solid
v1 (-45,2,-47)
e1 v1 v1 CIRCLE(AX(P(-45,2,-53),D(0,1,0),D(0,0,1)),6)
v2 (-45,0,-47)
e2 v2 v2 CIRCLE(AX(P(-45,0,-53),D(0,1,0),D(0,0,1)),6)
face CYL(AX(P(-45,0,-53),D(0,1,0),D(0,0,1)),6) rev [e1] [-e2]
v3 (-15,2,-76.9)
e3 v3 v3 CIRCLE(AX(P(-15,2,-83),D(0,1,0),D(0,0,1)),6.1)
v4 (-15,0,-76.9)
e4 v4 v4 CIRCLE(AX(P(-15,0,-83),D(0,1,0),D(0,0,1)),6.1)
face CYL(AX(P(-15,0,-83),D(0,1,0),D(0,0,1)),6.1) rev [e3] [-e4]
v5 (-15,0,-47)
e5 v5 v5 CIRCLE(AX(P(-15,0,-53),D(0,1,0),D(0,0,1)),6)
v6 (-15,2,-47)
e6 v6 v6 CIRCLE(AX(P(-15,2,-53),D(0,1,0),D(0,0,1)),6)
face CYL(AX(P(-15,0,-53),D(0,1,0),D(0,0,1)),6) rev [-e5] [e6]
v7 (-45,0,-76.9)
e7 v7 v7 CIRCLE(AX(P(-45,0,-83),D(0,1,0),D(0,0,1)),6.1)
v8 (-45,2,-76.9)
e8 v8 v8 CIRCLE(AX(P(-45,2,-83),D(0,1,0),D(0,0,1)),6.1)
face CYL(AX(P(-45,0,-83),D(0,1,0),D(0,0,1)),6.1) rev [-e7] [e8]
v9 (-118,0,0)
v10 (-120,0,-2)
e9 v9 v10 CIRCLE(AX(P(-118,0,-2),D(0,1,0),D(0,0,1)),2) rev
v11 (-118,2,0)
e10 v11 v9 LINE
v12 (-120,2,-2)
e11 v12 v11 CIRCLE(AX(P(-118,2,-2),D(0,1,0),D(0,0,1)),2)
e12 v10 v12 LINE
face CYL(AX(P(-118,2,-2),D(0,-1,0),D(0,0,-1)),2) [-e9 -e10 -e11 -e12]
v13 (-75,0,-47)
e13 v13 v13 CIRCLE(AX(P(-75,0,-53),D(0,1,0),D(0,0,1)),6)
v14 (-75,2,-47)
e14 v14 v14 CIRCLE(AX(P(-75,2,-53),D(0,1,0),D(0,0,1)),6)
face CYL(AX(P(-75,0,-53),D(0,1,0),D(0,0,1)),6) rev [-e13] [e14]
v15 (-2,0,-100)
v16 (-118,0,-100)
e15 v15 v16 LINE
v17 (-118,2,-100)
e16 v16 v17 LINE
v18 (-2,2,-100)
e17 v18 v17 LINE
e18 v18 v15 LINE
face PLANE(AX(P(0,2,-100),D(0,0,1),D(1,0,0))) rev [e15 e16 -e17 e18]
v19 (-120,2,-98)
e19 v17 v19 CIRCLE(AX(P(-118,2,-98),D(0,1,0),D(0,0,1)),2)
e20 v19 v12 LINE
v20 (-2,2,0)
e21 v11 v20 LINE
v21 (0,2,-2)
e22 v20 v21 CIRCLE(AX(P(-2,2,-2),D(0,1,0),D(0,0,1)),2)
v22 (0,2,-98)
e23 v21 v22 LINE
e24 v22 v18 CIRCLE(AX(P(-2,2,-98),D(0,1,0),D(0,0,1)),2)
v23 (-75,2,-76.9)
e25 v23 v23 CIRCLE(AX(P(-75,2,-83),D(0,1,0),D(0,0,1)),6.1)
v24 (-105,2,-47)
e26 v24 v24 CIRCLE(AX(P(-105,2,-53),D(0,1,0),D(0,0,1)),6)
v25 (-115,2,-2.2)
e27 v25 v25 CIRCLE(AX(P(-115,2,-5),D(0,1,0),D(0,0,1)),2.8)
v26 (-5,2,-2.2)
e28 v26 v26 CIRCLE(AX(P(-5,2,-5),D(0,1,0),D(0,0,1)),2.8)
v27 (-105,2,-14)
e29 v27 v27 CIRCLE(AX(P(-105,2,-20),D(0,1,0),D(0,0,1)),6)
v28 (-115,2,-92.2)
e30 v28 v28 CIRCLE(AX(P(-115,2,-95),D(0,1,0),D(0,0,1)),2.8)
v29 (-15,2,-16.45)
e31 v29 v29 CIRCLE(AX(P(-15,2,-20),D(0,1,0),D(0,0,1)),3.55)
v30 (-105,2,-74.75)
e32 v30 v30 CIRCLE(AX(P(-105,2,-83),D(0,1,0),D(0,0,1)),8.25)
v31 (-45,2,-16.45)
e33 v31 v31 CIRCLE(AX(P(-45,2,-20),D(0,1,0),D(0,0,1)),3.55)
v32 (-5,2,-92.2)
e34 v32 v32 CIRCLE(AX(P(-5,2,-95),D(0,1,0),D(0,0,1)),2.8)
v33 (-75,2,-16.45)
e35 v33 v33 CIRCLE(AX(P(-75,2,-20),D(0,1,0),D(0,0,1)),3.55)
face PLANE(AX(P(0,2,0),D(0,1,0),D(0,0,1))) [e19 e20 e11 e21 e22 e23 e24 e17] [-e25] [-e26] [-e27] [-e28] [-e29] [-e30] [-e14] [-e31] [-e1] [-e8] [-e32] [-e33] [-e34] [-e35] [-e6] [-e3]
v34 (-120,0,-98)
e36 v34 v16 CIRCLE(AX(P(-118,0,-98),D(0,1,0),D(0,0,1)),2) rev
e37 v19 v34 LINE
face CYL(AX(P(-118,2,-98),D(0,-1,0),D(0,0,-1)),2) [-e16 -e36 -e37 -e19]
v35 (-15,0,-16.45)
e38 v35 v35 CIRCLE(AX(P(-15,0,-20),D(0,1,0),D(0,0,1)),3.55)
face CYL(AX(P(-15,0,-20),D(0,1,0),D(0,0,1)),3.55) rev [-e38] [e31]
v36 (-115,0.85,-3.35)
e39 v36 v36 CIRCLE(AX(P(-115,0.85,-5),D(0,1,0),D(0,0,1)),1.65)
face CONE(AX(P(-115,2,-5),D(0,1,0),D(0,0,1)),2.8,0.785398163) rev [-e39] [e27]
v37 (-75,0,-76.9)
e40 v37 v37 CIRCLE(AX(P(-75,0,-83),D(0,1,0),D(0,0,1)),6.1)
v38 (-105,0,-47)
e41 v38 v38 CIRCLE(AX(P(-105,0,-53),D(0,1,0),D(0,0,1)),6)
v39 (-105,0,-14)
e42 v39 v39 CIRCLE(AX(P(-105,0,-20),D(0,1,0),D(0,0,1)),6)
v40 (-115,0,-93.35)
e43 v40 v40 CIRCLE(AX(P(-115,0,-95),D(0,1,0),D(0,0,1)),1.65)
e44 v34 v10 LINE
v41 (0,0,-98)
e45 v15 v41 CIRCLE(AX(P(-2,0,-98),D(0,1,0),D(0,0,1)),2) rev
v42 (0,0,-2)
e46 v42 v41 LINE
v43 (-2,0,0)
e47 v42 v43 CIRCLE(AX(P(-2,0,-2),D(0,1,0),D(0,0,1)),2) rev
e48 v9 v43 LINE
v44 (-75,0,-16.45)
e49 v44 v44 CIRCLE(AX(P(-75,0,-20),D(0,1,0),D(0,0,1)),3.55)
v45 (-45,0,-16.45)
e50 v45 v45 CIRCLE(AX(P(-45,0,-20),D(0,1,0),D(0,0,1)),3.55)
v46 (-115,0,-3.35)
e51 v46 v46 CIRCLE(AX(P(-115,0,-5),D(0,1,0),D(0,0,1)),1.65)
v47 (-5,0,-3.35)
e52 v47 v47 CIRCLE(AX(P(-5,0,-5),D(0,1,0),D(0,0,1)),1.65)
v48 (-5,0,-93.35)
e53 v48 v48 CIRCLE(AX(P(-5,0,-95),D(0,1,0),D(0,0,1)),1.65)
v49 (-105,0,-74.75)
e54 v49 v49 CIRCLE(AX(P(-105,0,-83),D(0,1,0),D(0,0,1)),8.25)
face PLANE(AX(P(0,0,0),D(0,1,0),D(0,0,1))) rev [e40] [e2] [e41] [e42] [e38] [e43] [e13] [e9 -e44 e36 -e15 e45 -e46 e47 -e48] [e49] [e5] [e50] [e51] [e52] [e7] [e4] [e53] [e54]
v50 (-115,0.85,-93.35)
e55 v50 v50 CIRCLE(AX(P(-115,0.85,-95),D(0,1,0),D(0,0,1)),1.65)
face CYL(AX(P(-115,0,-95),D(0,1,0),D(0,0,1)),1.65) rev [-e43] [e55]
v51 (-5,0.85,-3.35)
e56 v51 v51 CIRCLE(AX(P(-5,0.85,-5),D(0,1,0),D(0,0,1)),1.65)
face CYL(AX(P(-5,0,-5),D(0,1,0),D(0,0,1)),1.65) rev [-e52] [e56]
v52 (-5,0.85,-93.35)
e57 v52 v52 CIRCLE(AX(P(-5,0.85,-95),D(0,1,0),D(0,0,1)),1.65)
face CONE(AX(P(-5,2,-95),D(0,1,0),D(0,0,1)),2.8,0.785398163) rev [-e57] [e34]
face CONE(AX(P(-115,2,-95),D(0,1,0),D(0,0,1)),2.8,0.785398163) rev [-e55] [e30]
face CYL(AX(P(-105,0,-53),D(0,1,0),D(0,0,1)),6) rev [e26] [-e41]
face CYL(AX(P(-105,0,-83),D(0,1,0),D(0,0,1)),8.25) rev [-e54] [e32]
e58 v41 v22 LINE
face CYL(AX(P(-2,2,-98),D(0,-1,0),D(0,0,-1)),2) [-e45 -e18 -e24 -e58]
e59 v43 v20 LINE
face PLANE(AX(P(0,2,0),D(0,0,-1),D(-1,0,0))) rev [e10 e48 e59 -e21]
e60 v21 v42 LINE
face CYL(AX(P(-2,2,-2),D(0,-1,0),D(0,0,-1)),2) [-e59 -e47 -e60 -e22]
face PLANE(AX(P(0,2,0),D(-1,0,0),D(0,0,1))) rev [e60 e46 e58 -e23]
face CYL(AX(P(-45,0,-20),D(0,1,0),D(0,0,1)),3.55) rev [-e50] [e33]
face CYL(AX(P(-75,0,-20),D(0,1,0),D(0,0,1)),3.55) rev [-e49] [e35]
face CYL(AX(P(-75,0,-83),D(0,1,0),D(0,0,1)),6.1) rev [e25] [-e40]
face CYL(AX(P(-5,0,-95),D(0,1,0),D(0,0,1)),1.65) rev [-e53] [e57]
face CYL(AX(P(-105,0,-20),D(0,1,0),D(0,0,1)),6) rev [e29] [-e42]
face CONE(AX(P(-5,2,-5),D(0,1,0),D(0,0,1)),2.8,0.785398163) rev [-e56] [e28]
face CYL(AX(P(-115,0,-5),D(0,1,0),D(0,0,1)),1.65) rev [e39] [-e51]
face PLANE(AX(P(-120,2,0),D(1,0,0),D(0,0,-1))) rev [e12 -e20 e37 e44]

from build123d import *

# Parameters (mm, degrees)
BOTTOM_PLATE_W                       = 120
BOTTOM_PLATE_H                       = 100
BOTTOM_PLATE_EXT_DEPTH               = 2
MIDDLE_ROW_R                         = 6
MIDDLE_ROW_CUT_DEPTH                 = 157.217796681
TOP_ROW_R                            = 8.25
TOP_ROW_R_2                          = 6.1
TOP_ROW_CUT_DEPTH                    = 157.217796681
BOTTOM_ROW_R                         = 3.55
BOTTOM_ROW_R_2                       = 6
BOTTOM_ROW_CUT_DEPTH                 = 157.217796681
PLATE_SCREWS_R                       = 1.65
PLATE_SCREWS_CUT_DEPTH               = 157.217796681
PLATE_SCREW_HEAD_R                   = 2.8
PLATE_SCREW_HEAD_CUT_DEPTH           = 2
PLATE_SCREW_HEAD_CUT_DRAFT           = -45
PLATE_SCREW_HEAD_CUT_PROFILE_2_DEPTH = 2
PLATE_SCREW_HEAD_CUT_PROFILE_2_DRAFT = -45
PLATE_SCREW_HEAD_CUT_PROFILE_3_DEPTH = 2
PLATE_SCREW_HEAD_CUT_PROFILE_3_DRAFT = -45
PLATE_SCREW_HEAD_CUT_PROFILE_4_DEPTH = 2
PLATE_SCREW_HEAD_CUT_PROFILE_4_DRAFT = -45
FILLET1_R                            = 2
FILLET2_R                            = 2
FILLET3_R                            = 2
FILLET4_R                            = 2


with BuildPart() as part:
    # Bottom Plate → Bottom Plate EXT (new body)
    with BuildSketch(Plane(origin=(0, 0, 0), x_dir=(1, 0, 0), z_dir=(0, 1, 0))):
        with Locations((-60, 50)):
            Rectangle(BOTTOM_PLATE_W, BOTTOM_PLATE_H)
    extrude(amount=BOTTOM_PLATE_EXT_DEPTH)

    # Middle Row → Middle Row Cut (cut, through all)
    with BuildSketch(Plane(origin=(0, 2, 0), x_dir=(1, 0, 0), z_dir=(0, 1, 0))):
        with Locations(Location((-105, 53, 0), (0, 0, 270))):
            Circle(MIDDLE_ROW_R)
        with Locations(Location((-75, 53, 0), (0, 0, 270))):
            Circle(MIDDLE_ROW_R)
        with Locations(Location((-45, 53, 0), (0, 0, 270))):
            Circle(MIDDLE_ROW_R)
        with Locations(Location((-15, 53, 0), (0, 0, 270))):
            Circle(MIDDLE_ROW_R)
    extrude(amount=-MIDDLE_ROW_CUT_DEPTH, mode=Mode.SUBTRACT)

    # Top Row → Top Row Cut (cut, through all)
    with BuildSketch(Plane(origin=(0, 2, 0), x_dir=(1, 0, 0), z_dir=(0, 1, 0))):
        with Locations(Location((-105, 83, 0), (0, 0, 270))):
            Circle(TOP_ROW_R)
        with Locations(Location((-75, 83, 0), (0, 0, 270))):
            Circle(TOP_ROW_R_2)
        with Locations(Location((-45, 83, 0), (0, 0, 270))):
            Circle(TOP_ROW_R_2)
        with Locations(Location((-15, 83, 0), (0, 0, 270))):
            Circle(TOP_ROW_R_2)
    extrude(amount=-TOP_ROW_CUT_DEPTH, mode=Mode.SUBTRACT)

    # Bottom Row → Bottom Row Cut (cut, through all)
    with BuildSketch(Plane(origin=(0, 2, 0), x_dir=(1, 0, 0), z_dir=(0, 1, 0))):
        with Locations(Location((-75, 20, 0), (0, 0, 270))):
            Circle(BOTTOM_ROW_R)
        with Locations(Location((-45, 20, 0), (0, 0, 270))):
            Circle(BOTTOM_ROW_R)
        with Locations(Location((-15, 20, 0), (0, 0, 270))):
            Circle(BOTTOM_ROW_R)
        with Locations(Location((-105, 20, 0), (0, 0, 270))):
            Circle(BOTTOM_ROW_R_2)
    extrude(amount=-BOTTOM_ROW_CUT_DEPTH, mode=Mode.SUBTRACT)

    # Plate Screws → Plate Screws Cut (cut, through all)
    with BuildSketch(Plane(origin=(0, 2, 0), x_dir=(1, 0, 0), z_dir=(0, 1, 0))):
        with Locations(Location((-115, 95, 0), (0, 0, 270))):
            Circle(PLATE_SCREWS_R)
        with Locations(Location((-5, 95, 0), (0, 0, 270))):
            Circle(PLATE_SCREWS_R)
        with Locations(Location((-5, 5, 0), (0, 0, 270))):
            Circle(PLATE_SCREWS_R)
        with Locations(Location((-115, 5, 0), (0, 0, 270))):
            Circle(PLATE_SCREWS_R)
    extrude(amount=-PLATE_SCREWS_CUT_DEPTH, mode=Mode.SUBTRACT)


with BuildPart() as plate_screw_head_cut_tool:
    # Plate Screw Head → Plate Screw Head Cut (with draft: the straight prism first)
    with BuildSketch(Plane(origin=(0, 2, 0), x_dir=(1, 0, 0), z_dir=(0, 1, 0))):
        with Locations((-115, 95)):
            Circle(PLATE_SCREW_HEAD_R)
    extrude(amount=-PLATE_SCREW_HEAD_CUT_DEPTH)
    # Plate Screw Head Cut: the draft: its side faces are tilted about the plane it starts from
    plate_screw_head_cut_sides = [plate_screw_head_cut_tool.faces().sort_by_distance(p)[0] for p in [
        (-117.8, 1, -95),
    ]]
    draft(plate_screw_head_cut_sides, Plane(origin=(0, 2, 0), x_dir=(1, 0, 0), z_dir=(0, 1, 0)), PLATE_SCREW_HEAD_CUT_DRAFT)


with BuildPart() as part_1:
    add(part.part)

    # Plate Screw Head Cut: cut by plate_screw_head_cut_tool
    add(plate_screw_head_cut_tool.part, mode=Mode.SUBTRACT)


with BuildPart() as plate_screw_head_cut_profile_2_tool:
    # Plate Screw Head → Plate Screw Head Cut profile 2 (with draft: the straight prism first)
    with BuildSketch(Plane(origin=(0, 2, 0), x_dir=(1, 0, 0), z_dir=(0, 1, 0))):
        with Locations((-5, 95)):
            Circle(PLATE_SCREW_HEAD_R)
    extrude(amount=-PLATE_SCREW_HEAD_CUT_PROFILE_2_DEPTH)
    # Plate Screw Head Cut profile 2: the draft: its side faces are tilted about the plane it starts from
    plate_screw_head_cut_profile_2_sides = [plate_screw_head_cut_profile_2_tool.faces().sort_by_distance(p)[0] for p in [
        (-7.8, 1, -95),
    ]]
    draft(plate_screw_head_cut_profile_2_sides, Plane(origin=(0, 2, 0), x_dir=(1, 0, 0), z_dir=(0, 1, 0)), PLATE_SCREW_HEAD_CUT_PROFILE_2_DRAFT)


with BuildPart() as part_2:
    add(part_1.part)

    # Plate Screw Head Cut profile 2: cut by plate_screw_head_cut_profile_2_tool
    add(plate_screw_head_cut_profile_2_tool.part, mode=Mode.SUBTRACT)


with BuildPart() as plate_screw_head_cut_profile_3_tool:
    # Plate Screw Head → Plate Screw Head Cut profile 3 (with draft: the straight prism first)
    with BuildSketch(Plane(origin=(0, 2, 0), x_dir=(1, 0, 0), z_dir=(0, 1, 0))):
        with Locations((-5, 5)):
            Circle(PLATE_SCREW_HEAD_R)
    extrude(amount=-PLATE_SCREW_HEAD_CUT_PROFILE_3_DEPTH)
    # Plate Screw Head Cut profile 3: the draft: its side faces are tilted about the plane it starts from
    plate_screw_head_cut_profile_3_sides = [plate_screw_head_cut_profile_3_tool.faces().sort_by_distance(p)[0] for p in [
        (-7.8, 1, -5),
    ]]
    draft(plate_screw_head_cut_profile_3_sides, Plane(origin=(0, 2, 0), x_dir=(1, 0, 0), z_dir=(0, 1, 0)), PLATE_SCREW_HEAD_CUT_PROFILE_3_DRAFT)


with BuildPart() as part_3:
    add(part_2.part)

    # Plate Screw Head Cut profile 3: cut by plate_screw_head_cut_profile_3_tool
    add(plate_screw_head_cut_profile_3_tool.part, mode=Mode.SUBTRACT)


with BuildPart() as plate_screw_head_cut_profile_4_tool:
    # Plate Screw Head → Plate Screw Head Cut profile 4 (with draft: the straight prism first)
    with BuildSketch(Plane(origin=(0, 2, 0), x_dir=(1, 0, 0), z_dir=(0, 1, 0))):
        with Locations((-115, 5)):
            Circle(PLATE_SCREW_HEAD_R)
    extrude(amount=-PLATE_SCREW_HEAD_CUT_PROFILE_4_DEPTH)
    # Plate Screw Head Cut profile 4: the draft: its side faces are tilted about the plane it starts from
    plate_screw_head_cut_profile_4_sides = [plate_screw_head_cut_profile_4_tool.faces().sort_by_distance(p)[0] for p in [
        (-117.8, 1, -5),
    ]]
    draft(plate_screw_head_cut_profile_4_sides, Plane(origin=(0, 2, 0), x_dir=(1, 0, 0), z_dir=(0, 1, 0)), PLATE_SCREW_HEAD_CUT_PROFILE_4_DRAFT)


with BuildPart() as part_4:
    add(part_3.part)

    # Plate Screw Head Cut profile 4: cut by plate_screw_head_cut_profile_4_tool
    add(plate_screw_head_cut_profile_4_tool.part, mode=Mode.SUBTRACT)

    # Fillet1
    fillet1_edges = [part_4.edges().sort_by_distance(p)[0] for p in [
        (-120, 1, -100),
    ]]
    fillet(fillet1_edges, radius=FILLET1_R)

    # Fillet2
    fillet2_edges = [part_4.edges().sort_by_distance(p)[0] for p in [
        (0, 1, -100),
    ]]
    fillet(fillet2_edges, radius=FILLET2_R)

    # Fillet3
    fillet3_edges = [part_4.edges().sort_by_distance(p)[0] for p in [
        (0, 1, 0),
    ]]
    fillet(fillet3_edges, radius=FILLET3_R)

    # Fillet4
    fillet4_edges = [part_4.edges().sort_by_distance(p)[0] for p in [
        (-120, 1, 0),
    ]]
    fillet(fillet4_edges, radius=FILLET4_R)


solid = part_4.part
